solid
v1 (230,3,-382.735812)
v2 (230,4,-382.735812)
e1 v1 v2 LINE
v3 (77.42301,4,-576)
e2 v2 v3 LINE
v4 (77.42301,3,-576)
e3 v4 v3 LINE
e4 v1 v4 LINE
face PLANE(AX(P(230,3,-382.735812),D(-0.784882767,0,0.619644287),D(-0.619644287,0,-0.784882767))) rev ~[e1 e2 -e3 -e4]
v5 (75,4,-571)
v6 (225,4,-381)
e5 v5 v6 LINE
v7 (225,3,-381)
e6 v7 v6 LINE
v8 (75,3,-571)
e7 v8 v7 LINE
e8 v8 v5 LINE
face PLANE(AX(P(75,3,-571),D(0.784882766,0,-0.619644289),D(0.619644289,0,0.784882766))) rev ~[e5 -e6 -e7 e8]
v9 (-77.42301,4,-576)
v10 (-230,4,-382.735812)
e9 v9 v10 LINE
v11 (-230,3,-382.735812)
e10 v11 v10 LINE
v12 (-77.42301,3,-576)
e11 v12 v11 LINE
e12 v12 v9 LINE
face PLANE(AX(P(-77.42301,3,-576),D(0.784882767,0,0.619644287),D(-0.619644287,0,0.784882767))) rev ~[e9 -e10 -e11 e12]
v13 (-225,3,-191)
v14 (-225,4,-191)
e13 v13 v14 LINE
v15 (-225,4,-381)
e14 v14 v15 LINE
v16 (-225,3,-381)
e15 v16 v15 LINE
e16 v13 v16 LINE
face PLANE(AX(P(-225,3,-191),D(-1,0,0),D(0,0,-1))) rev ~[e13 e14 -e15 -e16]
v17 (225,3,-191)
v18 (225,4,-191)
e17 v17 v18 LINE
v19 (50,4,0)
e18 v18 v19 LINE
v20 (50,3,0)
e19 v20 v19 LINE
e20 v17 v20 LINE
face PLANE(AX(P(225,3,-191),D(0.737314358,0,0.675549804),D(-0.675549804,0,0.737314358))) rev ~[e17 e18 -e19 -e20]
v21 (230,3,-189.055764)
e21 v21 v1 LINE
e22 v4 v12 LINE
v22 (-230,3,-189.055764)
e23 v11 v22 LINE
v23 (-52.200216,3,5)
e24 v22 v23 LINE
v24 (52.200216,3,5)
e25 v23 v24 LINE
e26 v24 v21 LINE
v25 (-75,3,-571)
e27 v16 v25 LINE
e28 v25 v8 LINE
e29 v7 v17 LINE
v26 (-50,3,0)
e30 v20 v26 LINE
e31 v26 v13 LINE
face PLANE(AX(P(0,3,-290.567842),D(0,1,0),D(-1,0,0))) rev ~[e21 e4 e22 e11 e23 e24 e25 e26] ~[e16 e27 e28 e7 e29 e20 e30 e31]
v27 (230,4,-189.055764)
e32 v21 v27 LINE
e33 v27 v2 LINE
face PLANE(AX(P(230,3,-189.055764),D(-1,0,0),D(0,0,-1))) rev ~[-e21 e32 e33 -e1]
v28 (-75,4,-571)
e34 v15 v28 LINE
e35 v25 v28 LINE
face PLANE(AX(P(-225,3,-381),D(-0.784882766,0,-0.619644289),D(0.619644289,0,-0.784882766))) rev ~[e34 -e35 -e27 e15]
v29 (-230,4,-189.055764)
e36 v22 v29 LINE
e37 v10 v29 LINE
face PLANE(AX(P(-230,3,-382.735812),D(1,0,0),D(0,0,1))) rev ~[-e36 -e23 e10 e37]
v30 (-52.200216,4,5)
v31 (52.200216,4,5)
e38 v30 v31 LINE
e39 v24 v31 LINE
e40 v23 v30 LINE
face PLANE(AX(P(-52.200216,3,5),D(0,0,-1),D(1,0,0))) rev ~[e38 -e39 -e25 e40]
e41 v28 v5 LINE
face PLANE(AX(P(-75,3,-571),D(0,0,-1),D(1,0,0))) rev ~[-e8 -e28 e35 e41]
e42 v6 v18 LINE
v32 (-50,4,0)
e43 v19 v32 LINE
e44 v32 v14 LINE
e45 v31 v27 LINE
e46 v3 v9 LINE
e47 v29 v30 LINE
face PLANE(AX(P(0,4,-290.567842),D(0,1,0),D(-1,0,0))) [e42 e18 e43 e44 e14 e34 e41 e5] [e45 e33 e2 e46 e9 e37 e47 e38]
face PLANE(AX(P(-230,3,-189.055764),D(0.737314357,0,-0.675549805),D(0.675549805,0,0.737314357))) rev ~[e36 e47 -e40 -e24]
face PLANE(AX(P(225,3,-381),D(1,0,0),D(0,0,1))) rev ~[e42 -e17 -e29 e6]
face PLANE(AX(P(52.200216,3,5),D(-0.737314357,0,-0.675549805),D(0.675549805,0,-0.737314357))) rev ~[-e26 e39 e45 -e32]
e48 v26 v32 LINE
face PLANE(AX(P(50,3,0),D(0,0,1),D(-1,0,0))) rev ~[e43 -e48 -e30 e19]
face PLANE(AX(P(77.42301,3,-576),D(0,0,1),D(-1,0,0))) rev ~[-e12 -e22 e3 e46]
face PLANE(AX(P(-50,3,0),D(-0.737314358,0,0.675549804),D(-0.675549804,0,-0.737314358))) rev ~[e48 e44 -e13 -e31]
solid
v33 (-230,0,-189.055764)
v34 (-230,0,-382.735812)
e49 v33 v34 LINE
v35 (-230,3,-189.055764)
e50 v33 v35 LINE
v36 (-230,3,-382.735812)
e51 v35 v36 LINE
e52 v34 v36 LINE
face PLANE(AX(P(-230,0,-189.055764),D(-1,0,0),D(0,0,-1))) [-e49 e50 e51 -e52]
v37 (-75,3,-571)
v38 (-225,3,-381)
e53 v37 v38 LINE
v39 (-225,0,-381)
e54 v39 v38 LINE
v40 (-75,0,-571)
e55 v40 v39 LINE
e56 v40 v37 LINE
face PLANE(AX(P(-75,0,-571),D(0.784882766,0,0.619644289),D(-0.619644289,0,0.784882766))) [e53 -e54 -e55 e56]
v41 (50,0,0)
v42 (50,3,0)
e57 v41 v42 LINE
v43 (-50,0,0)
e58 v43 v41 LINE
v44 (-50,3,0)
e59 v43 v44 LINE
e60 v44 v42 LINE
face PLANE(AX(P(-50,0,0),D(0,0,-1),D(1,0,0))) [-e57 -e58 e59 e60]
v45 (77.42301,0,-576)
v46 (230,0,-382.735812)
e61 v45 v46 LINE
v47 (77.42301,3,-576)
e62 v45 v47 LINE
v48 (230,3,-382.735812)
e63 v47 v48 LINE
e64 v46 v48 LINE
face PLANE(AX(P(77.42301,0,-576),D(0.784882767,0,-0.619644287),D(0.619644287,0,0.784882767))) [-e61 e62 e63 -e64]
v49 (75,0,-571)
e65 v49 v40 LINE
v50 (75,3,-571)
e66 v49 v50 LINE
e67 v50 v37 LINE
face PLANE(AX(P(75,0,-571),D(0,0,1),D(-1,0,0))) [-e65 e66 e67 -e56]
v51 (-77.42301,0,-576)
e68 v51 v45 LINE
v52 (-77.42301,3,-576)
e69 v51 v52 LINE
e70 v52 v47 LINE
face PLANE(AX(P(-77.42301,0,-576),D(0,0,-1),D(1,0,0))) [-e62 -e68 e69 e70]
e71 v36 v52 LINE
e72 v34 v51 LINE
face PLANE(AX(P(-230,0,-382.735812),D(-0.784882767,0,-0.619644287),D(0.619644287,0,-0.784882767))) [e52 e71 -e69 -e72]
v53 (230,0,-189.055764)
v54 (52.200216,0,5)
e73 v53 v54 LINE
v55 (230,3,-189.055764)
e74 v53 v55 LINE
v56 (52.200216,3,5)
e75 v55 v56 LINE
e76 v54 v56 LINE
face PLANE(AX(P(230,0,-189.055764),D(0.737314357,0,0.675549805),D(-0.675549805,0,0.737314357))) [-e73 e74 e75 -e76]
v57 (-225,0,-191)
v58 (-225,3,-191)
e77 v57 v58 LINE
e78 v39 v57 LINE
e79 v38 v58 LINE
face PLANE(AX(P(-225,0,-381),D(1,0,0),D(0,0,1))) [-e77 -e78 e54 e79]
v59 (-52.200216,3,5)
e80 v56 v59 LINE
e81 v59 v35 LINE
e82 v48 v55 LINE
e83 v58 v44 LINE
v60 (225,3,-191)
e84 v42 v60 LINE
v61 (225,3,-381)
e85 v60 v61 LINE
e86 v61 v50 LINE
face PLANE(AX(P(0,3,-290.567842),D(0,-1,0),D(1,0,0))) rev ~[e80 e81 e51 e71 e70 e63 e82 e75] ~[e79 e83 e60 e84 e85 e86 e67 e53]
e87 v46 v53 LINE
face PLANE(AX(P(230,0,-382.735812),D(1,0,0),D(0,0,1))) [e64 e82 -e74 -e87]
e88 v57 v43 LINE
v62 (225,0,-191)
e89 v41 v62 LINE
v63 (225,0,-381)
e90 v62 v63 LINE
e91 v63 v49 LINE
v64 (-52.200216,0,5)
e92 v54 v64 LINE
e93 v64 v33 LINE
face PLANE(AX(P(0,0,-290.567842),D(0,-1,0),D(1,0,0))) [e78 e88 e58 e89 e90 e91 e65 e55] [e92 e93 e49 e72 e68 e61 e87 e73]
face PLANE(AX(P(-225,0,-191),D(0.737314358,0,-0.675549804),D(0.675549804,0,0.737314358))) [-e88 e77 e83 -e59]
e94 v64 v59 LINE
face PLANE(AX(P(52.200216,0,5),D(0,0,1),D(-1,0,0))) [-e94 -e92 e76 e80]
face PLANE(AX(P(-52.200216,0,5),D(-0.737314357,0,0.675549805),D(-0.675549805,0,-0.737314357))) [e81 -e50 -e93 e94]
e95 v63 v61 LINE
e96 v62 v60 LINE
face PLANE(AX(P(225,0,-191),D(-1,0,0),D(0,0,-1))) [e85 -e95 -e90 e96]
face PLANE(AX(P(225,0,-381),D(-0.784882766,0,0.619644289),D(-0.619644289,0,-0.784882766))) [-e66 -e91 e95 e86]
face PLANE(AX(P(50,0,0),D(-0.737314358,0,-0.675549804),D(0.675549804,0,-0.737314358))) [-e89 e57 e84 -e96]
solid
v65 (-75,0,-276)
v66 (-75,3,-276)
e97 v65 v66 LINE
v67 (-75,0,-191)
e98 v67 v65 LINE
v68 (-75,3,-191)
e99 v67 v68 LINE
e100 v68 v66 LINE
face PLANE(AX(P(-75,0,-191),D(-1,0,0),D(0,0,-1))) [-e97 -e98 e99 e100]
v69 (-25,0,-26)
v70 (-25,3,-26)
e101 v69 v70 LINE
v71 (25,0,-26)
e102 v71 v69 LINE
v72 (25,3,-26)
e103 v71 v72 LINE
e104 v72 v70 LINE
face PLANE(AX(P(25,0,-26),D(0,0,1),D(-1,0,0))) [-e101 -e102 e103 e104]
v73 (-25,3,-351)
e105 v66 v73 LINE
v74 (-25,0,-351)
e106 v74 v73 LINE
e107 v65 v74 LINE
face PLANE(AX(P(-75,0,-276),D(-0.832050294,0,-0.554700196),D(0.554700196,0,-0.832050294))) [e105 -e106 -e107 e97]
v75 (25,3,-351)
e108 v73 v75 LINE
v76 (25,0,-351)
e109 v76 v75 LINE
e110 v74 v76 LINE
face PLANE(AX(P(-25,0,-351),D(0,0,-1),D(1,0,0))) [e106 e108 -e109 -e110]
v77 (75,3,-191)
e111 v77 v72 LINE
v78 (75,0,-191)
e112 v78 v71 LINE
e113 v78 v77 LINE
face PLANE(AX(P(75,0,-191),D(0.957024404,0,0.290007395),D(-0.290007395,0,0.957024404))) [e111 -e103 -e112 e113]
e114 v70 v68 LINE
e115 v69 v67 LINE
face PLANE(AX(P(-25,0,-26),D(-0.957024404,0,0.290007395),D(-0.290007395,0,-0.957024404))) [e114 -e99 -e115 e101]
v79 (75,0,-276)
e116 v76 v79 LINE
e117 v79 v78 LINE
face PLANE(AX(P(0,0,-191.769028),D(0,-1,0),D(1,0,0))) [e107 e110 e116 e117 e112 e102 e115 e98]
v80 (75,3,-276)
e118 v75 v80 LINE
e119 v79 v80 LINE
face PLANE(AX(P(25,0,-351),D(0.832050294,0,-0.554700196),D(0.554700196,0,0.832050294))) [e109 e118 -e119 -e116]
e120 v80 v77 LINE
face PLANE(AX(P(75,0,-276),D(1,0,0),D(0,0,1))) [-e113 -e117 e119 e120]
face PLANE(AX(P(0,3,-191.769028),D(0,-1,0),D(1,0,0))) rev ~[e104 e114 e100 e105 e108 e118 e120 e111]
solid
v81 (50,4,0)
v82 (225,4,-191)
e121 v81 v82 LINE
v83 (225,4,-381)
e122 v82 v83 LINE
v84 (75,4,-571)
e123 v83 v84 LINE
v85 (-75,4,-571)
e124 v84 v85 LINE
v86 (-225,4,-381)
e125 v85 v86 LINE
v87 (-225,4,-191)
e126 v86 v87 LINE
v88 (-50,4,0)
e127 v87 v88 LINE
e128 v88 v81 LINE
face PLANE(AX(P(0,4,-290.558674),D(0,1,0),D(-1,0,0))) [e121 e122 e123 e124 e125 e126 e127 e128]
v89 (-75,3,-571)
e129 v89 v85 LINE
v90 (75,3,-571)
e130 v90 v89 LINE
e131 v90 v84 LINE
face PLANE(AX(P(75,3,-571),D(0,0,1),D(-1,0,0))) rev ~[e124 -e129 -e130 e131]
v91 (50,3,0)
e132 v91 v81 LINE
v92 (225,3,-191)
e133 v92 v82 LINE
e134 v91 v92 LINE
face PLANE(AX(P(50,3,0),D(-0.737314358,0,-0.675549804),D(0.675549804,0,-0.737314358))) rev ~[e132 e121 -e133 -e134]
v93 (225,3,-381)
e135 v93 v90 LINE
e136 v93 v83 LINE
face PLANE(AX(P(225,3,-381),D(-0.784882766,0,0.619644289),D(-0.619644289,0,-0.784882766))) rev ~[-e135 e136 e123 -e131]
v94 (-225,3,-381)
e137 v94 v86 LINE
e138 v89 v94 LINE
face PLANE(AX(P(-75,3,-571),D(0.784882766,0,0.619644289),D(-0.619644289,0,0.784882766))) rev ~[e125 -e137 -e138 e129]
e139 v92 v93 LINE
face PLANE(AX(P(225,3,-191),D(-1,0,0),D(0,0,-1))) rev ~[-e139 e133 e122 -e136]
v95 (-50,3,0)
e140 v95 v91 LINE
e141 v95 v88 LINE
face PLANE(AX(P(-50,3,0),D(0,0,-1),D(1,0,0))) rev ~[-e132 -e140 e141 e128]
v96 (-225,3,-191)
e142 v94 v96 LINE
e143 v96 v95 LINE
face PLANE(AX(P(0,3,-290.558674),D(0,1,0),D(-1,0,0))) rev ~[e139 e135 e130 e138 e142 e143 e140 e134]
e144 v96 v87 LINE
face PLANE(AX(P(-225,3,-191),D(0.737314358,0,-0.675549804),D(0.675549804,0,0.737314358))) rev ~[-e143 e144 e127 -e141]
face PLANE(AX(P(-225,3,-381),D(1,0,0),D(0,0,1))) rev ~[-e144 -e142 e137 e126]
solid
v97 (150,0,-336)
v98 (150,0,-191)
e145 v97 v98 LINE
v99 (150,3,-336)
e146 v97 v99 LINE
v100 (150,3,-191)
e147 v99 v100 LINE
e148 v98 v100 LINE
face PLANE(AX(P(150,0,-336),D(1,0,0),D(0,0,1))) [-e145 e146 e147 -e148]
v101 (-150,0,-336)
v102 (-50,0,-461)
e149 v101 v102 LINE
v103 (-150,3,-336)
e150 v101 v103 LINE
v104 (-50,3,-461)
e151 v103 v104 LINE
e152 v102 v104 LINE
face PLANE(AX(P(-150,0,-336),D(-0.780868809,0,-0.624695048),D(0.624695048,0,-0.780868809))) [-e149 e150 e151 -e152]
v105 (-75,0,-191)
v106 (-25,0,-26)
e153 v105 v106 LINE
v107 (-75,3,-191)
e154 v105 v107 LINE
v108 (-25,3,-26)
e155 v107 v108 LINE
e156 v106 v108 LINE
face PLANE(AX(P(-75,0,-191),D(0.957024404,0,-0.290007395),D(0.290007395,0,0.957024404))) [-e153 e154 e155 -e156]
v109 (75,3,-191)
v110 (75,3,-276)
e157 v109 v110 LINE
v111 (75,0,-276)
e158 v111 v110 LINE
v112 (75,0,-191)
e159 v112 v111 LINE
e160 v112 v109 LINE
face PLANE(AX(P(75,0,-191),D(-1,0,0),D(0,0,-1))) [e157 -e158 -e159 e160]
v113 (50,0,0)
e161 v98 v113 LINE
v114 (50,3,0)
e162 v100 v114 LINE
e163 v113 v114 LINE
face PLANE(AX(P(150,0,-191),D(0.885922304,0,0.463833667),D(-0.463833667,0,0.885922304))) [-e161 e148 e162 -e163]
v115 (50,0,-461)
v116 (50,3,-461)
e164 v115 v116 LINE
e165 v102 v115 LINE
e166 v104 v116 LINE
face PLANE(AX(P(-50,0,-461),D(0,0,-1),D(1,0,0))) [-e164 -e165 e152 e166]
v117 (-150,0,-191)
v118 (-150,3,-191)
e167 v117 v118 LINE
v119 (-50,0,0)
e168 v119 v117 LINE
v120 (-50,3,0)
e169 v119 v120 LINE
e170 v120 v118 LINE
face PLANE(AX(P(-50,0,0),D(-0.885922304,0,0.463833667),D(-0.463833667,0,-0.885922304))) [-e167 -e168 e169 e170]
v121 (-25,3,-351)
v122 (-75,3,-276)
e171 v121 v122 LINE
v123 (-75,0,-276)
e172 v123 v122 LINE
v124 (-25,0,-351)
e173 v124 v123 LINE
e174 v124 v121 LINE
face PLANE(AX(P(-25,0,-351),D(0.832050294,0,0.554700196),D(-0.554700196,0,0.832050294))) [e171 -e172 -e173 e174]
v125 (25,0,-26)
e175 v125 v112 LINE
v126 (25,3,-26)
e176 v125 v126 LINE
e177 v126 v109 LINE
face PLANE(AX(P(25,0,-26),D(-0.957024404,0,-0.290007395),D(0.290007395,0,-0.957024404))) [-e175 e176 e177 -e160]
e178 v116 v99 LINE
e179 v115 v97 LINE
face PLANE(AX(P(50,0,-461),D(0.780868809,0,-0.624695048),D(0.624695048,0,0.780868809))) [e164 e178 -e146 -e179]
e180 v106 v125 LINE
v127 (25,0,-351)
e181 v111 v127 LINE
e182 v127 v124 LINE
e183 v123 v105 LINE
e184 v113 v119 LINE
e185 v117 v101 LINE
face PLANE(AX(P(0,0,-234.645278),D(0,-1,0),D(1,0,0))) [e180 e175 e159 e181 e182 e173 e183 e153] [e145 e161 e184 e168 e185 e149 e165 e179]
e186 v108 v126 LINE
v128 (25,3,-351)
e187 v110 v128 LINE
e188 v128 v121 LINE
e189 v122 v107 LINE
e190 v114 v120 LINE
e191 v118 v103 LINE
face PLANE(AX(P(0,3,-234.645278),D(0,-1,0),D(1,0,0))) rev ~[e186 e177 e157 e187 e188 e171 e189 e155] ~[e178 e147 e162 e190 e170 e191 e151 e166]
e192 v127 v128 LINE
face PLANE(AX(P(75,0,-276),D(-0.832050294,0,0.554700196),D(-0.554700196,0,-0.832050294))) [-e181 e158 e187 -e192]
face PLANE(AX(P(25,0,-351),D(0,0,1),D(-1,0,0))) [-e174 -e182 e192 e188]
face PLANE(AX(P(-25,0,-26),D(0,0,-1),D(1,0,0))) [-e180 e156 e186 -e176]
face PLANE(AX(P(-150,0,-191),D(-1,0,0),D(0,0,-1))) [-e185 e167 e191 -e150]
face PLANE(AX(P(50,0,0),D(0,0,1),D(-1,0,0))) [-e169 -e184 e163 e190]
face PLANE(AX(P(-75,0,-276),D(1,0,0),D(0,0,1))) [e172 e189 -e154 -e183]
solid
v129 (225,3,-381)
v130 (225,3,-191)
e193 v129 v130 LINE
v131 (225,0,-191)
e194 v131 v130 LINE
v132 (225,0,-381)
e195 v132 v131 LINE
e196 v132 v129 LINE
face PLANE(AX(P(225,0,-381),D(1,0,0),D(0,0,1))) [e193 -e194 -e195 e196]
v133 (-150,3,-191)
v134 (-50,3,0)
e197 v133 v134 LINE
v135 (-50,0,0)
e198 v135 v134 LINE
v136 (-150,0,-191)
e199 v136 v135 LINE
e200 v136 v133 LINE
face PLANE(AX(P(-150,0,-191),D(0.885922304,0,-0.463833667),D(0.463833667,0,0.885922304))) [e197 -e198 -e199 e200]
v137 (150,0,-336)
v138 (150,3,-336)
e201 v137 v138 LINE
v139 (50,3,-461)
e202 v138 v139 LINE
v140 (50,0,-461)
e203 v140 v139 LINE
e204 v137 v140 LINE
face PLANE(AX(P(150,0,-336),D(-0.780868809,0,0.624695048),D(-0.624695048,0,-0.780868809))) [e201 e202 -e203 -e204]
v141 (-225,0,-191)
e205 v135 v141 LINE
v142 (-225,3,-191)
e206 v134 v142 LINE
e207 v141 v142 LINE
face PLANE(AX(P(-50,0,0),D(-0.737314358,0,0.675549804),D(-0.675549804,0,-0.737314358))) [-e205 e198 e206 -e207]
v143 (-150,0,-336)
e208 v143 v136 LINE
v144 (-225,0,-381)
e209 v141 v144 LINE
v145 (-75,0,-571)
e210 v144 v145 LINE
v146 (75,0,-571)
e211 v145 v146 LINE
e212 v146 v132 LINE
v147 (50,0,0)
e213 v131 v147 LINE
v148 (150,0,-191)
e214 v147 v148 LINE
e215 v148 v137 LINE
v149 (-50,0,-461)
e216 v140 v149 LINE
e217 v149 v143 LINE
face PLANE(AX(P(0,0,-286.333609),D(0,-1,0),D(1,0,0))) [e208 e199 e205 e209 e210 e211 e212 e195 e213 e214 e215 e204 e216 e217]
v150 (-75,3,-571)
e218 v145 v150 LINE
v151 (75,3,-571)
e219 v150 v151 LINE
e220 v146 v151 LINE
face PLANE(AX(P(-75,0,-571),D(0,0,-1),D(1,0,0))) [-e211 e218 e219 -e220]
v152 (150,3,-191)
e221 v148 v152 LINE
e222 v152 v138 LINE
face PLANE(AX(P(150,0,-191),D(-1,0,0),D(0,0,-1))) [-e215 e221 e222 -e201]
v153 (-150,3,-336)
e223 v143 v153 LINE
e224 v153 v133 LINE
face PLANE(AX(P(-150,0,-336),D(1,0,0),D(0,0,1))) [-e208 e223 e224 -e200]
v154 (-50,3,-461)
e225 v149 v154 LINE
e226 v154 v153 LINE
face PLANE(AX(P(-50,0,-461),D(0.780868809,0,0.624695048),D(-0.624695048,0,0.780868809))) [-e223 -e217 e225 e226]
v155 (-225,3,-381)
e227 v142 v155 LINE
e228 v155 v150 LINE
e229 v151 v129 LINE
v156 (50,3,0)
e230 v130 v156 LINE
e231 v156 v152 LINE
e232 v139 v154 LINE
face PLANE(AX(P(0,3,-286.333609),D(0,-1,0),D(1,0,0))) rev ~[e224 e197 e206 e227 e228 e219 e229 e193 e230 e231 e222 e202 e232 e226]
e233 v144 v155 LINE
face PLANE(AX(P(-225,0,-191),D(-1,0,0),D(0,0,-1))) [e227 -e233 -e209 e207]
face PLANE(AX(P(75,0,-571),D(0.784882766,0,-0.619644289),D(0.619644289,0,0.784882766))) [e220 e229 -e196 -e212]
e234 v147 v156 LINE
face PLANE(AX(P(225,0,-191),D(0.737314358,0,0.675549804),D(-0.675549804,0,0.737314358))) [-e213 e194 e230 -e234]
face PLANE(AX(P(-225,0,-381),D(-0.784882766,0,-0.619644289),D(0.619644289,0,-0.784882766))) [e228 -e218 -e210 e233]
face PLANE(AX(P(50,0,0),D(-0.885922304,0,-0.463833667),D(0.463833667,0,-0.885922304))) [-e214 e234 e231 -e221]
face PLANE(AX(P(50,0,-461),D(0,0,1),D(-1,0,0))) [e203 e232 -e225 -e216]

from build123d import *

# Parameters (mm, degrees)
F1_DEPTH  = 3
F3_DEPTH  = 3
F5_DEPTH  = 3
F7_DEPTH  = 3
F9_DEPTH  = 1
F11_DEPTH = 1


with BuildPart() as f1:
    # F0 (on Front) → F1 (new body)
    with BuildSketch(Plane.XZ):
        Polygon((25, -26), (-25, -26), (-75, -191), (-75, -276), (-25, -351), (25, -351), (75, -276), (75, -191), align=None)
    extrude(amount=-F1_DEPTH)


with BuildPart() as f3:
    # F2 (on Front) → F3 (new body)
    with BuildSketch(Plane.XZ):
        Polygon((50, 0), (0, 0), (-50, 0), (-150, -191), (-150, -336), (-50, -461), (50, -461), (150, -336), (150, -191), align=None)
        Polygon((-75, -276), (-75, -191), (-25, -26), (25, -26), (75, -191), (75, -276), (25, -351), (-25, -351), align=None, mode=Mode.SUBTRACT)
    extrude(amount=-F3_DEPTH)


with BuildPart() as f5:
    # F4 (on face) → F5 (new body)
    with BuildSketch(Plane.XZ):
        Polygon((-150, -191), (-50, 0), (-225, -191), (-225, -381), (-75, -571), (75, -571), (225, -381), (225, -191), (50, 0), (150, -191), (150, -336), (50, -461), (-50, -461), (-150, -336), align=None)
    extrude(amount=-F5_DEPTH)


with BuildPart() as f7:
    # F6 (on face) → F7 (new body)
    with BuildSketch(Plane.XZ):
        Polygon((52.200216, 5), (-52.200216, 5), (-230, -189.055764), (-230, -382.735812), (-77.42301, -576), (77.42301, -576), (230, -382.735812), (230, -189.055764), align=None)
        Polygon((-225, -191), (-50, 0), (50, 0), (225, -191), (225, -381), (75, -571), (-75, -571), (-225, -381), align=None, mode=Mode.SUBTRACT)
    extrude(amount=-F7_DEPTH)


with BuildPart() as f9:
    # F8 (on face) → F9 (new body)
    with BuildSketch(Plane(origin=(0, 3, 0), x_dir=(-1, 0, 0), z_dir=(0, 1, 0))):
        Polygon((225, -381), (225, -191), (50, 0), (-50, 0), (-225, -191), (-225, -381), (-75, -571), (75, -571), align=None)
    extrude(amount=F9_DEPTH)


with BuildPart() as f11:
    # F10 (on face) → F11 (new body)
    with BuildSketch(Plane(origin=(0, 3, 0), x_dir=(-1, 0, 0), z_dir=(0, 1, 0))):
        Polygon((230, -189.055764), (52.200216, 5), (-52.200216, 5), (-230, -189.055764), (-230, -382.735812), (-77.42301, -576), (77.42301, -576), (230, -382.735812), align=None)
        Polygon((-50, 0), (50, 0), (225, -191), (225, -381), (75, -571), (-75, -571), (-225, -381), (-225, -191), align=None, mode=Mode.SUBTRACT)
    extrude(amount=F11_DEPTH)


solid = Compound([f1.part, f3.part, f5.part, f7.part, f9.part, f11.part])
